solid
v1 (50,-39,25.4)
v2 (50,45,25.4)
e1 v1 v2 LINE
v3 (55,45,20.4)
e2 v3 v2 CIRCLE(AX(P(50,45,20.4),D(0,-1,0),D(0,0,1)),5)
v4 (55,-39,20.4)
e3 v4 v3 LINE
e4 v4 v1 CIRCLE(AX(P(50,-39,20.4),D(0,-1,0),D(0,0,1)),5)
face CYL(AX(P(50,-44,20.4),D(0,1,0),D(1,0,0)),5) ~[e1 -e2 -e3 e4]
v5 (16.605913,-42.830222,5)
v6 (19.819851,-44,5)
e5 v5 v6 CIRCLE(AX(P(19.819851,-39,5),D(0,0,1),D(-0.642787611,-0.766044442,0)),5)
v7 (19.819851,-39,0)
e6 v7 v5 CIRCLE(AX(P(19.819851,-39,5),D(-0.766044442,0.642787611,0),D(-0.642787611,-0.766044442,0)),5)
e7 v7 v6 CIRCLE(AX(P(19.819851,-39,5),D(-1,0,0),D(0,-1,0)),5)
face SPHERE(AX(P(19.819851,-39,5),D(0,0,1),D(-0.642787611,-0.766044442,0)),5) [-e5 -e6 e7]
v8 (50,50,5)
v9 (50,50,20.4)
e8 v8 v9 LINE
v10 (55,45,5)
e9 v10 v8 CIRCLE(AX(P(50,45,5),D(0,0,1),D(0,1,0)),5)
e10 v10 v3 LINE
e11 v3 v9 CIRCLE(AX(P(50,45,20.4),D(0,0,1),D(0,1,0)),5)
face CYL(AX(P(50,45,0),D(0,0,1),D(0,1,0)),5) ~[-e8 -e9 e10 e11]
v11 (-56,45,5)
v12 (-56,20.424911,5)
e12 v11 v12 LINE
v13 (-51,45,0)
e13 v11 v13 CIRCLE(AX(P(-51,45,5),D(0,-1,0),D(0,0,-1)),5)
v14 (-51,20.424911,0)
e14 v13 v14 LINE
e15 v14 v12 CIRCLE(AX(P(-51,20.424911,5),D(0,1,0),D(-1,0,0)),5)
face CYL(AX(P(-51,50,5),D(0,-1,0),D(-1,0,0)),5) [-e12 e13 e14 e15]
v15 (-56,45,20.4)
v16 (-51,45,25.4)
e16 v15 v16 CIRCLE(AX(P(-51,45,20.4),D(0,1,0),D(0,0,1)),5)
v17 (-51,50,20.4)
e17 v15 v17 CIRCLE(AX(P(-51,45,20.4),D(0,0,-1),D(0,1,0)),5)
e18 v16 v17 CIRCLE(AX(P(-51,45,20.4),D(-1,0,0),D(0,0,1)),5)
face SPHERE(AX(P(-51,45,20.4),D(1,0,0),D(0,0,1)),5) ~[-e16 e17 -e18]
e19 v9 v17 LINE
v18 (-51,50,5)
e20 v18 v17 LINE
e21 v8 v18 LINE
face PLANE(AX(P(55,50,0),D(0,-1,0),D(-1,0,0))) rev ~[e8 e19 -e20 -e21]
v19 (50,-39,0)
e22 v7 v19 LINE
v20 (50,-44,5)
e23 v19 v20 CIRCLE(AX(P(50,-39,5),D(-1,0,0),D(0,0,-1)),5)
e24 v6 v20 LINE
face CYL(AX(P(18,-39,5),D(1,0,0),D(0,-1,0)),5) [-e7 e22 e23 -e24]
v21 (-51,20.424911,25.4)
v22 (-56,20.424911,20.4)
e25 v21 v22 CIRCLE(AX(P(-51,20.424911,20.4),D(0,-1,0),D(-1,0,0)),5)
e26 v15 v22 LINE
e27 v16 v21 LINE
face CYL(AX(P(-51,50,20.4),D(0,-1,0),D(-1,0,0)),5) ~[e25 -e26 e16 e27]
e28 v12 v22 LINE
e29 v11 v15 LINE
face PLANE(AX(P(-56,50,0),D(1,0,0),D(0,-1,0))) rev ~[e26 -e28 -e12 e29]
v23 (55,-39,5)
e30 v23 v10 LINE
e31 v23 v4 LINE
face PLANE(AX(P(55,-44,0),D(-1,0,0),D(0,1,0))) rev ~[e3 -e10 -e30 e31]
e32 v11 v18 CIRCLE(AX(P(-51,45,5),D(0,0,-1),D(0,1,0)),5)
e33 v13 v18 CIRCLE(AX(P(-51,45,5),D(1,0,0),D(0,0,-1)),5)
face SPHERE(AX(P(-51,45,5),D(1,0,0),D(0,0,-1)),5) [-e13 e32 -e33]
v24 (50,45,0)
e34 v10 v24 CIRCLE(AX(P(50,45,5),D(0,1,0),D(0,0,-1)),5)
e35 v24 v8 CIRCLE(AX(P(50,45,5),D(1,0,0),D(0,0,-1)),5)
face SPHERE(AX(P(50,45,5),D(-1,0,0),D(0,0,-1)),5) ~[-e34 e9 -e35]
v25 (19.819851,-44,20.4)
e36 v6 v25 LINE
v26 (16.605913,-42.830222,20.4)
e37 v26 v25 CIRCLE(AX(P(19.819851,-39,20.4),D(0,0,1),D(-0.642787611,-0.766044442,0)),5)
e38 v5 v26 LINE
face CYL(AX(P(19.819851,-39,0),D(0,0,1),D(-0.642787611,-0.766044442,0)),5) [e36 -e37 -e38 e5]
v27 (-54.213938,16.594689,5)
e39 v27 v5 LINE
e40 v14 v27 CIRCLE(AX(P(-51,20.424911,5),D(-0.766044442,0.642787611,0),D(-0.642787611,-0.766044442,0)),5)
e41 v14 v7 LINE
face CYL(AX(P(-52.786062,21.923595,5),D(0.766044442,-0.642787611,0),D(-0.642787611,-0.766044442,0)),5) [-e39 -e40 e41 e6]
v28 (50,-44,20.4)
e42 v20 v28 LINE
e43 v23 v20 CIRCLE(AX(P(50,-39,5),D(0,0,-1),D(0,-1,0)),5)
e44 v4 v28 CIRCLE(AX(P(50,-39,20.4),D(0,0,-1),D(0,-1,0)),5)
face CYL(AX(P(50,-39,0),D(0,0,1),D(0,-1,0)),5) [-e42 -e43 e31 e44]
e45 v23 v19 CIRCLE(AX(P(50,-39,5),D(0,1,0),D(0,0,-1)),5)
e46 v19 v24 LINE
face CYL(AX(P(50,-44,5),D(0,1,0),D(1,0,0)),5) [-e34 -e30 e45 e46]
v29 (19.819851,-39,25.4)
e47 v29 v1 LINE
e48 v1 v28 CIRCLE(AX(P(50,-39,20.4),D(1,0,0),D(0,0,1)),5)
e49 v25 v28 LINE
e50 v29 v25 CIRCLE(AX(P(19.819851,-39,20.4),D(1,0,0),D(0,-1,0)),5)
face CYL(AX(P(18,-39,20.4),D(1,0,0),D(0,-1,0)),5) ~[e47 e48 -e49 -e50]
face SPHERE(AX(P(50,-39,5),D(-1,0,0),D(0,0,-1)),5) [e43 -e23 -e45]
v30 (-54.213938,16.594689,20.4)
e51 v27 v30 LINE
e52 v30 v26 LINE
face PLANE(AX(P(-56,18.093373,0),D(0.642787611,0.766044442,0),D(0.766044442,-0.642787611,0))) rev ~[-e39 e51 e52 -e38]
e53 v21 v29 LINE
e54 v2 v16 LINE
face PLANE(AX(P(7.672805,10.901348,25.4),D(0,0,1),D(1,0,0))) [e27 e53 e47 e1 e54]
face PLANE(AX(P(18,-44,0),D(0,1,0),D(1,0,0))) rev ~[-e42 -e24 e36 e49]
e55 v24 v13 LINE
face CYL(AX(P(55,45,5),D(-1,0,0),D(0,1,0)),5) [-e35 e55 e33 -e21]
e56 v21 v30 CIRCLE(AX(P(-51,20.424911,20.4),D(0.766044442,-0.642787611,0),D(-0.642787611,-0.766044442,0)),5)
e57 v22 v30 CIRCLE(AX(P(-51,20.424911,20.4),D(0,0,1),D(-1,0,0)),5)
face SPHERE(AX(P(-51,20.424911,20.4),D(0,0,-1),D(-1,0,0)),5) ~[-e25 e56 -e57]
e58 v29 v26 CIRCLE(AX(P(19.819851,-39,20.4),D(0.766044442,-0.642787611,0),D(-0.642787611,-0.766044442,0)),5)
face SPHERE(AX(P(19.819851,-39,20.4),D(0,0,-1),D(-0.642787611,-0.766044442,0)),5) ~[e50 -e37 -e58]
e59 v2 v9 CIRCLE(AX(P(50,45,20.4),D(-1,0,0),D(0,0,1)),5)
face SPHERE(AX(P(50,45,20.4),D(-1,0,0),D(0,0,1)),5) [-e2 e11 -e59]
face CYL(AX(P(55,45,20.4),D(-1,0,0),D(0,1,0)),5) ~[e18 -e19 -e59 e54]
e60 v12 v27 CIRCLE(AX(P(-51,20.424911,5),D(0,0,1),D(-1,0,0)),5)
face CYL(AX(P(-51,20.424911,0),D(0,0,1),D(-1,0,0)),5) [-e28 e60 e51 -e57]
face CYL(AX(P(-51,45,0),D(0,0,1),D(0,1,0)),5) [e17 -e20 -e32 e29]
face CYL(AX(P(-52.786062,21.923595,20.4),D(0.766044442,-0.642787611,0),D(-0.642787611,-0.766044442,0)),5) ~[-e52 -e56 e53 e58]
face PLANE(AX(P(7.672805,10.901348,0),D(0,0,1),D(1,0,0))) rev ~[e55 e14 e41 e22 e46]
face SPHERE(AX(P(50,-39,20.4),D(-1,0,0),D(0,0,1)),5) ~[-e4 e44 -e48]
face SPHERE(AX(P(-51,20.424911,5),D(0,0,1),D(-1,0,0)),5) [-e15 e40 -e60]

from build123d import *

# Parameters (mm, degrees)
F1_DEPTH = 25.4
F2_R     = 5


with BuildPart() as f1:
    # F0 (on Top) → F1 (new body)
    with BuildSketch(Plane.XY):
        Polygon((55, 50), (-56, 50), (-56, 18.093373), (18, -44), (55, -44), align=None)
    extrude(amount=F1_DEPTH)

    # F2
    f2_edges = [f1.edges().sort_by_distance(p)[0] for p in [
        (-0.5, 50, 0),
        (-56, 34.046686, 0),
        (-19, -12.953314, 0),
        (36.5, -44, 0),
        (55, 3, 0),
        (-0.5, 50, 25.4),
        (-56, 34.046686, 25.4),
        (-19, -12.953314, 25.4),
        (36.5, -44, 25.4),
        (55, 3, 25.4),
        (-56, 50, 12.7),
        (55, 50, 12.7),
        (-56, 18.093373, 12.7),
        (18, -44, 12.7),
        (55, -44, 12.7),
    ]]
    fillet(f2_edges, radius=F2_R)


solid = f1.part
